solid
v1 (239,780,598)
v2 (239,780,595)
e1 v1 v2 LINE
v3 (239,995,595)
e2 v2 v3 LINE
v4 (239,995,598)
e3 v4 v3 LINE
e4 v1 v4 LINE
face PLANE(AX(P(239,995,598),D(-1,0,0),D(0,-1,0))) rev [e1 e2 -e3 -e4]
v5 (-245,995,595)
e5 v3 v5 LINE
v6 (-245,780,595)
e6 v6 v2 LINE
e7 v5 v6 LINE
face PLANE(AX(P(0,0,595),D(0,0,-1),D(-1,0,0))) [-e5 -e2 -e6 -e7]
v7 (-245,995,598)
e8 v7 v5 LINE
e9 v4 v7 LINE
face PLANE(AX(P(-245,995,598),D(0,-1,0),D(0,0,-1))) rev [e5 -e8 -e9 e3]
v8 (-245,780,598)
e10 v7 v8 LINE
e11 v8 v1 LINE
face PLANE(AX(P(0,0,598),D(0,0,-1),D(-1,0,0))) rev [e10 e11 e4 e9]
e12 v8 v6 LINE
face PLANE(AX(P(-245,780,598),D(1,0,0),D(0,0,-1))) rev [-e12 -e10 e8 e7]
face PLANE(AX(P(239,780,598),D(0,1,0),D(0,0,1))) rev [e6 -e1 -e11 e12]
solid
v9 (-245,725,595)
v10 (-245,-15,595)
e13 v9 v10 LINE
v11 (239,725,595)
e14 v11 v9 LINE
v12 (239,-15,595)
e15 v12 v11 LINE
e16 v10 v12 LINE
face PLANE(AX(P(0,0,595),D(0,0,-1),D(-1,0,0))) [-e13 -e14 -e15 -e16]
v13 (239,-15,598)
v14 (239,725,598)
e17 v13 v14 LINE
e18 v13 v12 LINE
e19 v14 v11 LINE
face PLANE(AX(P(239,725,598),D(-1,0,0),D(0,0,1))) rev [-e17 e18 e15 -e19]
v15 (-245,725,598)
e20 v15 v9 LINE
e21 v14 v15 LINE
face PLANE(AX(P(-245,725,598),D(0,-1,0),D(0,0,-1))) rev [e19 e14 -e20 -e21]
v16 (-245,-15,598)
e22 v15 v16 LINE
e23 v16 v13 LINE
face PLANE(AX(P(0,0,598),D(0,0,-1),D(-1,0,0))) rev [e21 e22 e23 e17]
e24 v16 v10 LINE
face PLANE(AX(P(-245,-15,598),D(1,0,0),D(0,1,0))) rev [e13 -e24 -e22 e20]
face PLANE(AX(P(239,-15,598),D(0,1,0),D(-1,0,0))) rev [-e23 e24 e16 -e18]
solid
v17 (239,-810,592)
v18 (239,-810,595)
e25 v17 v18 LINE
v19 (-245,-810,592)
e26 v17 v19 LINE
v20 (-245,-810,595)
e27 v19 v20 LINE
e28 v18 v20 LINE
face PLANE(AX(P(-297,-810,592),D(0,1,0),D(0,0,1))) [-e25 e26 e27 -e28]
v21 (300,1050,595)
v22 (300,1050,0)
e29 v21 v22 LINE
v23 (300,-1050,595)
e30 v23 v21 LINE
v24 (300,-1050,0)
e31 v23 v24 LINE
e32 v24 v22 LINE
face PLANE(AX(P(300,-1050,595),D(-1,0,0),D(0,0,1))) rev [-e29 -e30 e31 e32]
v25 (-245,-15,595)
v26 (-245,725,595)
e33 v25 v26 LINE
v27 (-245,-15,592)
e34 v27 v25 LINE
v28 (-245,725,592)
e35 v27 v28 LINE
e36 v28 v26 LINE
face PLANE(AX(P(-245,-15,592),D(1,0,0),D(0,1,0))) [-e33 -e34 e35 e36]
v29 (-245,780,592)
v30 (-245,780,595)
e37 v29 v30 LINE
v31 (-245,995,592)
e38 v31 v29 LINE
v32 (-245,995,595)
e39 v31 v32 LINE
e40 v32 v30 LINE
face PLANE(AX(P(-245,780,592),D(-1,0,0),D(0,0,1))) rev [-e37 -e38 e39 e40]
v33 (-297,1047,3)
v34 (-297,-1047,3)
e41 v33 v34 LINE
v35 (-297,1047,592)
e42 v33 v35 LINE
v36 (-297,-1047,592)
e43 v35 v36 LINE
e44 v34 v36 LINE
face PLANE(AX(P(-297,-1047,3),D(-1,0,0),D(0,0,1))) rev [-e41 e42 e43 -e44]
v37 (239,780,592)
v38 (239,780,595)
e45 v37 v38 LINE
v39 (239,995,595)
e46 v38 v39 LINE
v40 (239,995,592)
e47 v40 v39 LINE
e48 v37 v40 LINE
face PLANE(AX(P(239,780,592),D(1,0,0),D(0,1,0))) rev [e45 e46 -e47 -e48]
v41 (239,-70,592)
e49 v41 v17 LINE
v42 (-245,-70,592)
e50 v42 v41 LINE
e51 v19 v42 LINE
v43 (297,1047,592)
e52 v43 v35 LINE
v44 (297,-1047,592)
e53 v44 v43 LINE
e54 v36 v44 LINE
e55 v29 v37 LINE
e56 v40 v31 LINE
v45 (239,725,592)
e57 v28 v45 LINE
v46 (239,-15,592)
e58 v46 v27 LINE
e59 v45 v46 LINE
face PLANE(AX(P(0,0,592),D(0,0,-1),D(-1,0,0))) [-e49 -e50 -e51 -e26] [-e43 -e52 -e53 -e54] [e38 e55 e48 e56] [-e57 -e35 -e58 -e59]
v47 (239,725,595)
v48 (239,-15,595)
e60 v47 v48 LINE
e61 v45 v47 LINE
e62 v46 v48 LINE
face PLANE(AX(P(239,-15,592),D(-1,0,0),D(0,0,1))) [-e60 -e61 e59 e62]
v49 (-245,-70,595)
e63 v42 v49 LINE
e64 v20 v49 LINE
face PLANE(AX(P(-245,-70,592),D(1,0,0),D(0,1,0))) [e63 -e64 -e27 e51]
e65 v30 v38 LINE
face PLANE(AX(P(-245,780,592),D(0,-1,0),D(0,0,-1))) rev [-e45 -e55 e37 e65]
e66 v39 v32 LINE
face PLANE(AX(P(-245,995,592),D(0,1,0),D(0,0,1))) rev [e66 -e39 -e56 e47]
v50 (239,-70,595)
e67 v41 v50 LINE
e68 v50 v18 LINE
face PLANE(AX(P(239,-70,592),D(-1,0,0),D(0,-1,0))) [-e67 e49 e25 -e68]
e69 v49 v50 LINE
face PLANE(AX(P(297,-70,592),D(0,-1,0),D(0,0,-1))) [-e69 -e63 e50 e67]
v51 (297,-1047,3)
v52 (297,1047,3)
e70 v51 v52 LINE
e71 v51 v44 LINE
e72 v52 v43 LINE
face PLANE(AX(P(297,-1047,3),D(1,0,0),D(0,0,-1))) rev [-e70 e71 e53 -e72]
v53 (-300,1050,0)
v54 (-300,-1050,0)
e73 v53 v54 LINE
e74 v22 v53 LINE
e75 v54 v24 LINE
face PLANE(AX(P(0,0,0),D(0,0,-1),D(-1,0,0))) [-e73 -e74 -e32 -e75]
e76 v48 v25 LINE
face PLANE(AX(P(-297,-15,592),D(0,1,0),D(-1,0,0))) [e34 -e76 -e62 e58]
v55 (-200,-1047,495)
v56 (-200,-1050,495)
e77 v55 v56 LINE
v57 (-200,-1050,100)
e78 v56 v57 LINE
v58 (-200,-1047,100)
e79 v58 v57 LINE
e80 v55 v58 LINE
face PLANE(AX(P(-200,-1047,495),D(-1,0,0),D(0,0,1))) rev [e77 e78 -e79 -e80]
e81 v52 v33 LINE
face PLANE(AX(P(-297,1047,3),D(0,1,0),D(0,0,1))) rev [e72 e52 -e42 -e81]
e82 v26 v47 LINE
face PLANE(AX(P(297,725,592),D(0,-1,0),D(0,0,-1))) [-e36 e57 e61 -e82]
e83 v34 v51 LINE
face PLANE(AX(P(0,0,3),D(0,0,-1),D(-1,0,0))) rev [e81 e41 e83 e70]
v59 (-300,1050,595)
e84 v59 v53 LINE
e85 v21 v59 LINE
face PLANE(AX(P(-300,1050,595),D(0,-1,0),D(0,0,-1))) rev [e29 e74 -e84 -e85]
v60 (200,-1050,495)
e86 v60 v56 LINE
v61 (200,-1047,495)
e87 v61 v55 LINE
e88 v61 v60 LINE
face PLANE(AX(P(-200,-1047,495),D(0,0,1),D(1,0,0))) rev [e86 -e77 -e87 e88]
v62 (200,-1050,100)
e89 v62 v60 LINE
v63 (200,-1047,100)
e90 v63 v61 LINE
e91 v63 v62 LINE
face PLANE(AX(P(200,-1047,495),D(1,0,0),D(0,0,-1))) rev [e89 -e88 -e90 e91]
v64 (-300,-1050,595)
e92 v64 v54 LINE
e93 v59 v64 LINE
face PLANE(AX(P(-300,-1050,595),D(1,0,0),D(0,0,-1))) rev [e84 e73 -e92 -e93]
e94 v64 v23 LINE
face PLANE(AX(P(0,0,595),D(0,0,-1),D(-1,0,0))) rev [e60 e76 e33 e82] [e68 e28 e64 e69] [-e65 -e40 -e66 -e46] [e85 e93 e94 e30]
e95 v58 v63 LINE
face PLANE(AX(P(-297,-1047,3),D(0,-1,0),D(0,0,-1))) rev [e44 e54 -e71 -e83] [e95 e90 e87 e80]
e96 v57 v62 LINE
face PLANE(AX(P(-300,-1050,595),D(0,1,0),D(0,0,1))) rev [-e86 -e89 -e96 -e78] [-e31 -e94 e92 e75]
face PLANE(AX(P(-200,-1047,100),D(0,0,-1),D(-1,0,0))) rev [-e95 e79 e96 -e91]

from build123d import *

# Parameters (mm, degrees)
CROQUIS1_W                = 600
CROQUIS1_H                = 2100
SALIENTE_EXTRUIR1_DEPTH   = 595
CROQUIS2_W                = 594
CROQUIS2_H                = 2094
CORTAR_EXTRUIR1_DEPTH     = 592
CROQUIS3_W                = 594
CROQUIS3_H                = 237
SALIENTE_EXTRUIR2_DEPTH   = 3
CROQUIS4_W                = 400
CROQUIS4_H                = 395
CORTAR_EXTRUIR2_DEPTH     = 3
CROQUIS5_W                = 52
CROQUIS5_H                = 740
SALIENTE_EXTRUIR3_DEPTH   = 3
CROQUIS5_W_2              = 58
SALIENTE_EXTRUIR3_2_DEPTH = 3
CROQUIS6_W                = 484
CROQUIS6_H                = 740
SALIENTE_EXTRUIR4_DEPTH   = 3
CROQUIS7_W                = 594
CROQUIS7_H                = 55
SALIENTE_EXTRUIR5_DEPTH   = 3
CROQUIS8_W                = 52
CROQUIS8_H                = 740
CROQUIS8_W_2              = 58
SALIENTE_EXTRUIR6_DEPTH   = 3
CROQUIS9_W                = 484
CROQUIS9_H                = 740
SALIENTE_EXTRUIR7_DEPTH   = 3
CROQUIS10_W               = 594
CROQUIS10_H               = 322
CROQUIS10_W_2             = 484
CROQUIS10_H_2             = 215
SALIENTE_EXTRUIR8_DEPTH   = 3
CROQUIS11_W               = 484
CROQUIS11_H               = 215
SALIENTE_EXTRUIR9_DEPTH   = 3
CROQUIS12_W               = 484
CROQUIS12_H               = 740
CORTAR_EXTRUIR3_DEPTH     = 4


with BuildPart() as part:
    # Croquis1 → Saliente-Extruir1 (new body)
    with BuildSketch(Plane.XY):
        Rectangle(CROQUIS1_W, CROQUIS1_H)
    extrude(amount=SALIENTE_EXTRUIR1_DEPTH)

    # Croquis2 → Cortar-Extruir1 (cut)
    with BuildSketch(Plane.XY.offset(595)):
        Rectangle(CROQUIS2_W, CROQUIS2_H)
    extrude(amount=-CORTAR_EXTRUIR1_DEPTH, mode=Mode.SUBTRACT)

    # Croquis3 → Saliente-Extruir2 (add)
    with BuildSketch(Plane.XY.offset(595)):
        with Locations((0, -928.5)):
            Rectangle(CROQUIS3_W, CROQUIS3_H)
    extrude(amount=-SALIENTE_EXTRUIR2_DEPTH)

    # Croquis4 → Cortar-Extruir2 (cut)
    with BuildSketch(Plane.XZ.offset(1050)):
        with Locations((0, 297.5)):
            Rectangle(CROQUIS4_W, CROQUIS4_H)
    extrude(amount=-CORTAR_EXTRUIR2_DEPTH, mode=Mode.SUBTRACT)



with BuildPart() as body_2:
    # Croquis5 → Saliente-Extruir3 (new body)
    with BuildSketch(Plane.XY.offset(595)):
        with Locations((-271, -440)):
            Rectangle(CROQUIS5_W, CROQUIS5_H)
    extrude(amount=-SALIENTE_EXTRUIR3_DEPTH)


with BuildPart() as body_3:
    # Croquis5 → Saliente-Extruir3 2 (new body)
    with BuildSketch(Plane.XY.offset(595)):
        with Locations((268, -440)):
            Rectangle(CROQUIS5_W_2, CROQUIS5_H)
    extrude(amount=-SALIENTE_EXTRUIR3_2_DEPTH)


with BuildPart() as part_1:
    add(part.part)

    add(body_2.part)  # Saliente-Extruir4 merges body 2

    add(body_3.part)  # Saliente-Extruir4 merges body 3
    # Croquis6 → Saliente-Extruir4 (add)
    with BuildSketch(Plane.XY.offset(595)):
        with Locations((-3, -440)):
            Rectangle(CROQUIS6_W, CROQUIS6_H)
    extrude(amount=SALIENTE_EXTRUIR4_DEPTH)

    # Croquis7 → Saliente-Extruir5 (add)
    with BuildSketch(Plane.XY.offset(595)):
        with Locations((0, -42.5)):
            Rectangle(CROQUIS7_W, CROQUIS7_H)
    extrude(amount=-SALIENTE_EXTRUIR5_DEPTH)

    # Croquis8 → Saliente-Extruir6 (add)
    with BuildSketch(Plane.XY.offset(595)):
        with Locations((-271, 355)):
            Rectangle(CROQUIS8_W, CROQUIS8_H)
        with Locations((268, 355)):
            Rectangle(CROQUIS8_W_2, CROQUIS8_H)
    extrude(amount=-SALIENTE_EXTRUIR6_DEPTH)



with BuildPart() as body_2_2:
    # Croquis9 → Saliente-Extruir7 (new body)
    with BuildSketch(Plane.XY.offset(595)):
        with Locations((-3, 355)):
            Rectangle(CROQUIS9_W, CROQUIS9_H)
    extrude(amount=SALIENTE_EXTRUIR7_DEPTH)


with BuildPart() as part_2:
    add(part_1.part)

    add(body_2_2.part)  # Saliente-Extruir8 merges body 2 2
    # Croquis10 → Saliente-Extruir8 (add)
    with BuildSketch(Plane.XY.offset(595)):
        with Locations((0, 886)):
            Rectangle(CROQUIS10_W, CROQUIS10_H)
        with Locations((-3, 887.5)):
            Rectangle(CROQUIS10_W_2, CROQUIS10_H_2, mode=Mode.SUBTRACT)
    extrude(amount=-SALIENTE_EXTRUIR8_DEPTH)

    # Croquis12 → Cortar-Extruir3 (cut)
    with BuildSketch(Plane.XY.offset(598)):
        with Locations((-3, -440)):
            Rectangle(CROQUIS12_W, CROQUIS12_H)
    extrude(amount=-CORTAR_EXTRUIR3_DEPTH, mode=Mode.SUBTRACT)


with BuildPart() as body_2_3:
    # Croquis11 → Saliente-Extruir9 (new body)
    with BuildSketch(Plane.XY.offset(595)):
        with Locations((-3, 887.5)):
            Rectangle(CROQUIS11_W, CROQUIS11_H)
    extrude(amount=SALIENTE_EXTRUIR9_DEPTH)


solid = Compound([part_2.part, body_2_3.part])
